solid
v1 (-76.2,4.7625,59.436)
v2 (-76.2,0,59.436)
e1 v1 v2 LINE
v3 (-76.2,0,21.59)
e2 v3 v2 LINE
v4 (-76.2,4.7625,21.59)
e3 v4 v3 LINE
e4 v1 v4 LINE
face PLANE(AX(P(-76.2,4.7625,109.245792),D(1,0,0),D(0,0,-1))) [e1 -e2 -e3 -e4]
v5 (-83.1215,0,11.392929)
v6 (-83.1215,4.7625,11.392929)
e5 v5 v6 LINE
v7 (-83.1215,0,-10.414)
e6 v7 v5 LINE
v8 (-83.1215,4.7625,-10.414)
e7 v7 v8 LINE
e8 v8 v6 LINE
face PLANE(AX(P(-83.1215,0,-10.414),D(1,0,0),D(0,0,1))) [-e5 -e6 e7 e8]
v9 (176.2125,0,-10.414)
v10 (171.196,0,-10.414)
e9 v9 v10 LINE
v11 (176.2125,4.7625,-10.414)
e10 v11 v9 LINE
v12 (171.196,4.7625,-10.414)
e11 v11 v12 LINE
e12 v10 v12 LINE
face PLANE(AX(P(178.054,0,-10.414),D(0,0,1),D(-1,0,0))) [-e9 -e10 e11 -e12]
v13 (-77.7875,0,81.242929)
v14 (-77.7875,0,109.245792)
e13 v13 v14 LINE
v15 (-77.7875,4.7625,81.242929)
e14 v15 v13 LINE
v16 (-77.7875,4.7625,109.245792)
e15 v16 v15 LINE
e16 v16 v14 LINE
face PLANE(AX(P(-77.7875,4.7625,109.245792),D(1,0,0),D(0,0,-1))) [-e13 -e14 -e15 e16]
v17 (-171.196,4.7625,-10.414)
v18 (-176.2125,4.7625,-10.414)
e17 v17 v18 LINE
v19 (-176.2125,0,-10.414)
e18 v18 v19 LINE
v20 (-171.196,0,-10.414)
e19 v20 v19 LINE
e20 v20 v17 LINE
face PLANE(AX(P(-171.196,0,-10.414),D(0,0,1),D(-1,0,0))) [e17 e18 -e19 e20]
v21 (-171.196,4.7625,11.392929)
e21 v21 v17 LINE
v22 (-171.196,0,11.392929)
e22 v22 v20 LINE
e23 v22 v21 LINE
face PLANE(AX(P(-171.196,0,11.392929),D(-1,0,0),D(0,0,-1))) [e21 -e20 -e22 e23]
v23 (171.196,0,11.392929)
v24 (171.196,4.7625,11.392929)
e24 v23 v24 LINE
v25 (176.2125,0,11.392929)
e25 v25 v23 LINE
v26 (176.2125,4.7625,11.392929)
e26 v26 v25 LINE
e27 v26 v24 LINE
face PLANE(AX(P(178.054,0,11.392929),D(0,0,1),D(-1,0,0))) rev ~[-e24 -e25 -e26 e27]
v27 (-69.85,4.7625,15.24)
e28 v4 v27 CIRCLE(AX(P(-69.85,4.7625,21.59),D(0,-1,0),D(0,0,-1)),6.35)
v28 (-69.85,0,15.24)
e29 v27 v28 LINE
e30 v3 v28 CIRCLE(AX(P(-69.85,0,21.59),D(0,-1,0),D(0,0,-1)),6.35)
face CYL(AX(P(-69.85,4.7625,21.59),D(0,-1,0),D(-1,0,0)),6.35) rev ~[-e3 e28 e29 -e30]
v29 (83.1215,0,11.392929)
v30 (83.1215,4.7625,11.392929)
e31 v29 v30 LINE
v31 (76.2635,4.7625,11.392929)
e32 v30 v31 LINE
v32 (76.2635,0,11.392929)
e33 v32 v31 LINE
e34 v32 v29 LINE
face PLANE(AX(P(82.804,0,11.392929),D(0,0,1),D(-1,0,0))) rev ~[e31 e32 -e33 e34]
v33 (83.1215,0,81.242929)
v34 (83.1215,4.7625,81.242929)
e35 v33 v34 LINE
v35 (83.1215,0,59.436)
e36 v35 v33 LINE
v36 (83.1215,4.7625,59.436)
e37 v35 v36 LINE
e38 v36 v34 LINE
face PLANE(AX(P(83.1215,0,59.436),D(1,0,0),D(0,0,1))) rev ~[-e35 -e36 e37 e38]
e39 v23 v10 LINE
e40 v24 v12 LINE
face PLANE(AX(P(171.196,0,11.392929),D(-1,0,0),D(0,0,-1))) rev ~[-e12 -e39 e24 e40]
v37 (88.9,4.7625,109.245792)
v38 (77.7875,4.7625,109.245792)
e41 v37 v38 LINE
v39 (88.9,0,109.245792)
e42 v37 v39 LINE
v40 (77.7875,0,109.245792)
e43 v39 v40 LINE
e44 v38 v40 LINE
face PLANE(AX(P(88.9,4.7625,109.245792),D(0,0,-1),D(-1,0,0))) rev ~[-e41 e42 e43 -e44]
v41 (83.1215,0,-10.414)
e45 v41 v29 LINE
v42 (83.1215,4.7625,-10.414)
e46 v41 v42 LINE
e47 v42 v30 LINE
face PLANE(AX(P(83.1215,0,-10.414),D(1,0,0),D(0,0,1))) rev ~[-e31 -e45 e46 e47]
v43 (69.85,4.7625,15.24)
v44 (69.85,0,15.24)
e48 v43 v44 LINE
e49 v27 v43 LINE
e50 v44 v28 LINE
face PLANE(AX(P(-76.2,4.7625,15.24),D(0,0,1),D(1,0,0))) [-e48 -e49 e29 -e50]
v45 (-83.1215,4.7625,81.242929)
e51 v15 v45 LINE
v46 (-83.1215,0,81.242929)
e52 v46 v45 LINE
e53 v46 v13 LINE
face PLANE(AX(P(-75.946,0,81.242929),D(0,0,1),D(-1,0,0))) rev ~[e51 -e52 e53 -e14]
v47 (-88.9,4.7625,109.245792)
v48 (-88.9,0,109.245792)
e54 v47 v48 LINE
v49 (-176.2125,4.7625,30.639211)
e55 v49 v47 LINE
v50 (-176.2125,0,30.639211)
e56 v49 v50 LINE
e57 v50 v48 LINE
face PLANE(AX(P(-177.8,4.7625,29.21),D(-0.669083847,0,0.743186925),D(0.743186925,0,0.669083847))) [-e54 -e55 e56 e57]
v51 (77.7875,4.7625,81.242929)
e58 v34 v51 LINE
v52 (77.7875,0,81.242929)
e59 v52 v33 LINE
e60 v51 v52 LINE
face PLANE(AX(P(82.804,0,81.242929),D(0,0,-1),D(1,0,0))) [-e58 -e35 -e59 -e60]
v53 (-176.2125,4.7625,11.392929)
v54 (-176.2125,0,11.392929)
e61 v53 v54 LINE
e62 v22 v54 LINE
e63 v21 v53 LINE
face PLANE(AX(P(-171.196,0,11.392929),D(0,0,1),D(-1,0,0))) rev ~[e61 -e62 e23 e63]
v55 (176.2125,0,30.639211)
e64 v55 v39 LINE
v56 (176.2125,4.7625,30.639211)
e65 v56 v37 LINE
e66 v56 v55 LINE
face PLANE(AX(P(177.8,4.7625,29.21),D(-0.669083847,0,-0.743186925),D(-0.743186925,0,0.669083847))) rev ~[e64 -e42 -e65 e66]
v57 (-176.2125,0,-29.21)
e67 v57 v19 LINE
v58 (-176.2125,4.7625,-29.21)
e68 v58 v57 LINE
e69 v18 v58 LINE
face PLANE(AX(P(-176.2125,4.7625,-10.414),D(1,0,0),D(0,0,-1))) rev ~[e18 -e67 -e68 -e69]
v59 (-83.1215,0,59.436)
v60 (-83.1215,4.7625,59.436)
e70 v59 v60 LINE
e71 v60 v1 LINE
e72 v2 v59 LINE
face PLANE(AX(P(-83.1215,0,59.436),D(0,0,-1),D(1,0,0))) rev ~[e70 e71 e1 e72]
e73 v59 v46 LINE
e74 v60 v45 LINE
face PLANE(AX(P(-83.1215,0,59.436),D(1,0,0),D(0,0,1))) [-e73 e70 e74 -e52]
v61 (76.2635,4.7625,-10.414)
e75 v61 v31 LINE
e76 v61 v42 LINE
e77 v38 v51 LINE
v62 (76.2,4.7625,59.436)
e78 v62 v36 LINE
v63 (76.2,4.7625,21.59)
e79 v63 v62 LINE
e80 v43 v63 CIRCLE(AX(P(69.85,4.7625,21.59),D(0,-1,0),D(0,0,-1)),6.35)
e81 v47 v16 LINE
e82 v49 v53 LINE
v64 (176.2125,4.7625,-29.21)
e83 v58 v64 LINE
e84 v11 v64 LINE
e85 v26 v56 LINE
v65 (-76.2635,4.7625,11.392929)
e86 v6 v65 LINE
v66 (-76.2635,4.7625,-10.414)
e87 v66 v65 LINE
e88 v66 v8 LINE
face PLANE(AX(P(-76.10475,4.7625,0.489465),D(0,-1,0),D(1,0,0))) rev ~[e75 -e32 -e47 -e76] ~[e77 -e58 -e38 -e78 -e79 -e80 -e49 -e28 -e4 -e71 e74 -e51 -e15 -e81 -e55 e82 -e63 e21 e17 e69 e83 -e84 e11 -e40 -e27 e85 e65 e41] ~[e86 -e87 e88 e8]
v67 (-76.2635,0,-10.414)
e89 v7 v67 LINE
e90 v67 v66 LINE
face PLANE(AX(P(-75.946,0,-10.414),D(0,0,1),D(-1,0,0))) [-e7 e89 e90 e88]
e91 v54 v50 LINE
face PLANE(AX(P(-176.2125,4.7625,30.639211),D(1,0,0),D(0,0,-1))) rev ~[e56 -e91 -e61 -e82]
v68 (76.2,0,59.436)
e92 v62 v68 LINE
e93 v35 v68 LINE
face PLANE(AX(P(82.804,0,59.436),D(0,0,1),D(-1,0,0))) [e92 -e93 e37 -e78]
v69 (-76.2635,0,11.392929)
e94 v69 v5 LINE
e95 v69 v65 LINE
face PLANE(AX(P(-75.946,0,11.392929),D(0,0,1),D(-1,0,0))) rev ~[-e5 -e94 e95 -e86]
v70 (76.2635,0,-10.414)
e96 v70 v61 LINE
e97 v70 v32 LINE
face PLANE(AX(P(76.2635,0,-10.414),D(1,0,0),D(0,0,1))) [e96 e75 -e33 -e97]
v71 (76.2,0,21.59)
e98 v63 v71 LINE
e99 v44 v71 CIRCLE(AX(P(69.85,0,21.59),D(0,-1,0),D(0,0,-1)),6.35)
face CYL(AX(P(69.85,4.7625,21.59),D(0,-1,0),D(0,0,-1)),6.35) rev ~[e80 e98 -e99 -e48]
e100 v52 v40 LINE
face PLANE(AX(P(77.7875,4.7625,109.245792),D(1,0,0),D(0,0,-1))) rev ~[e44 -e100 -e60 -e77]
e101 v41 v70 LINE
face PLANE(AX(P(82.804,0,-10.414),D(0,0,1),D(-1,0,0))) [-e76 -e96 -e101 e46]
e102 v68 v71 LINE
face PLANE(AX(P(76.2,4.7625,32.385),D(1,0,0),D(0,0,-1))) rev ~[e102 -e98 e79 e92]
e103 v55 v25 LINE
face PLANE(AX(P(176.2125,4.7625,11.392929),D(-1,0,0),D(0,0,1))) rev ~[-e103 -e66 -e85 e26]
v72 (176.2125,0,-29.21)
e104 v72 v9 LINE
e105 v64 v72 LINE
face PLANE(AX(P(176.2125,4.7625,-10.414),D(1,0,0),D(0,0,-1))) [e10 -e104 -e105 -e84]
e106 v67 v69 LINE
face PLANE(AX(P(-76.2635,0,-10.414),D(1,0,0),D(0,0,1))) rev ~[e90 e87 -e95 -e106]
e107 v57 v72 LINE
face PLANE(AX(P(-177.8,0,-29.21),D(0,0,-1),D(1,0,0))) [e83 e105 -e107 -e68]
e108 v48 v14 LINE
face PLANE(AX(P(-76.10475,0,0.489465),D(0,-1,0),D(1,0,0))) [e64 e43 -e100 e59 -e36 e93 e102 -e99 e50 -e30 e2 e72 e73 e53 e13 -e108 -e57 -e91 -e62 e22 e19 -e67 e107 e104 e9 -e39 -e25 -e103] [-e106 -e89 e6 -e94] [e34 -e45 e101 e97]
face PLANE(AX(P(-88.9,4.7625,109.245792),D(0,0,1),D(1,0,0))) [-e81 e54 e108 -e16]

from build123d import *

# Parameters (mm, degrees)
SKETCH1_W           = 355.6
SKETCH1_H           = 58.42
BOSS_EXTRUDE1_DEPTH = 4.7625
BOSS_EXTRUDE2_DEPTH = 4.7625
FILLET1_R           = 3.175
SKETCH3_W           = 6.858
SKETCH3_H           = 21.806929344
SKETCH3_W_2         = 6.35
SKETCH3_H_2         = 21.298929344
CUT_EXTRUDE1_DEPTH  = 209.73467472
SKETCH4_W           = 1.5875
SKETCH4_H           = 18.796
CUT_EXTRUDE2_DEPTH  = 209.73467472
SKETCH5_W           = 1.5875
SKETCH5_H           = 28.002862447
CUT_EXTRUDE3_DEPTH  = 208.38411122
SKETCH6_W           = 0.3175
SKETCH6_H           = 21.806929344
BOSS_EXTRUDE3_DEPTH = 4.7625
SKETCH7_W           = 0.3175
SKETCH7_H           = 21.806929344
CUT_EXTRUDE4_DEPTH  = 208.38411122
SKETCH8_W           = 152.4
SKETCH8_H           = 17.145
CUT_EXTRUDE5_DEPTH  = 208.38411122
FILLET2_R           = 6.35


with BuildPart() as part:
    # Sketch1 → Boss-Extrude1 (new body)
    with BuildSketch(Plane(origin=(0, 0, 0), x_dir=(1, 0, 0), z_dir=(0, 1, 0))):
        Rectangle(SKETCH1_W, SKETCH1_H)
    extrude(amount=BOSS_EXTRUDE1_DEPTH)

    # Sketch2 → Boss-Extrude2 (add)
    with BuildSketch(Plane(origin=(0, 4.7625, 0), x_dir=(1, 0, 0), z_dir=(0, 1, 0))):
        Polygon((177.8, -29.21), (88.9, -109.245791791), (76.2, -109.245791791), (76.2, -29.21), align=None)
        Polygon((-177.8, -29.21), (-88.9, -109.245791791), (-76.2, -109.245791791), (-76.2, -29.21), align=None)
    extrude(amount=-BOSS_EXTRUDE2_DEPTH)

    # Fillet1
    fillet1_edges = [part.edges().sort_by_distance(p)[0] for p in [
        (-76.2, 2.38125, 29.21),
        (76.2, 2.38125, 29.21),
    ]]
    fillet(fillet1_edges, radius=FILLET1_R)

    # Sketch3 → Cut-Extrude1 (cut, through all)
    with BuildSketch(Plane(origin=(0, 0, 0), x_dir=(-1, 0, 0), z_dir=(0, -1, 0))):
        with Locations((-174.625, -0.489464672)):
            Rectangle(SKETCH3_W, SKETCH3_H)
        with Locations((-174.625, -0.489464672)):
            Rectangle(SKETCH3_W_2, SKETCH3_H_2, mode=Mode.SUBTRACT)
        with Locations((-79.375, -0.489464672)):
            Rectangle(SKETCH3_W, SKETCH3_H)
        with Locations((-79.375, -0.489464672)):
            Rectangle(SKETCH3_W_2, SKETCH3_H_2, mode=Mode.SUBTRACT)
        with Locations((-79.375, -70.339464672)):
            Rectangle(SKETCH3_W, SKETCH3_H)
        with Locations((-79.375, -70.339464672)):
            Rectangle(SKETCH3_W_2, SKETCH3_H_2, mode=Mode.SUBTRACT)
        with Locations((79.375, -70.339464672)):
            Rectangle(SKETCH3_W, SKETCH3_H)
        with Locations((79.375, -70.339464672)):
            Rectangle(SKETCH3_W_2, SKETCH3_H_2, mode=Mode.SUBTRACT)
        with Locations((79.375, -0.489464672)):
            Rectangle(SKETCH3_W, SKETCH3_H)
        with Locations((79.375, -0.489464672)):
            Rectangle(SKETCH3_W_2, SKETCH3_H_2, mode=Mode.SUBTRACT)
        with Locations((174.625, -0.489464672)):
            Rectangle(SKETCH3_W, SKETCH3_H)
        with Locations((174.625, -0.489464672)):
            Rectangle(SKETCH3_W_2, SKETCH3_H_2, mode=Mode.SUBTRACT)
    extrude(amount=-CUT_EXTRUDE1_DEPTH, mode=Mode.SUBTRACT)


with BuildPart() as body_2:
    # of the pieces the cut leaves, the one that is kept (cut_extrude1_keep)
    add(part.part.solids().sort_by_distance((76.2, 0, 109.245791791))[0])

    # Sketch4 → Cut-Extrude2 (cut, through all)
    with BuildSketch(Plane(origin=(0, 4.7625, 0), x_dir=(1, 0, 0), z_dir=(0, 1, 0))):
        Polygon((177.8, -11.392929344), (176.2125, -11.392929344), (176.2125, -30.639210568), (177.8, -29.21), align=None)
        with Locations((177.00625, 19.812)):
            Rectangle(SKETCH4_W, SKETCH4_H)
        with Locations((-177.00625, 19.812)):
            Rectangle(SKETCH4_W, SKETCH4_H)
        Polygon((-176.2125, -30.639210568), (-176.2125, -11.392929344), (-177.8, -11.392929344), (-177.8, -29.21), align=None)
    extrude(amount=-CUT_EXTRUDE2_DEPTH, mode=Mode.SUBTRACT)

    # Sketch5 → Cut-Extrude3 (cut, through all)
    with BuildSketch(Plane(origin=(0, 4.7625, 0), x_dir=(1, 0, 0), z_dir=(0, 1, 0))):
        with Locations((-76.99375, -95.244360567)):
            Rectangle(SKETCH5_W, SKETCH5_H)
        with Locations((76.99375, -95.244360567)):
            Rectangle(SKETCH5_W, SKETCH5_H)
    extrude(amount=-CUT_EXTRUDE3_DEPTH, mode=Mode.SUBTRACT)

    # Sketch6 → Boss-Extrude3 (add)
    with BuildSketch(Plane.XZ):
        with Locations((-76.10475, 0.489464672)):
            Rectangle(SKETCH6_W, SKETCH6_H)
        with Locations((76.10475, 0.489464672)):
            Rectangle(SKETCH6_W, SKETCH6_H)
    extrude(amount=-BOSS_EXTRUDE3_DEPTH)

    # Sketch7 → Cut-Extrude4 (cut, through all)
    with BuildSketch(Plane.XZ):
        with Locations((-82.96275, 0.489464672)):
            Rectangle(SKETCH7_W, SKETCH7_H)
        with Locations((-82.96275, 70.339464672)):
            Rectangle(SKETCH7_W, SKETCH7_H)
        with Locations((82.96275, 70.339464672)):
            Rectangle(SKETCH7_W, SKETCH7_H)
        with Locations((82.96275, 0.489464672)):
            Rectangle(SKETCH7_W, SKETCH7_H)
    extrude(amount=-CUT_EXTRUDE4_DEPTH, mode=Mode.SUBTRACT)

    # Sketch8 → Cut-Extrude5 (cut, through all)
    with BuildSketch(Plane(origin=(0, 4.7625, 0), x_dir=(1, 0, 0), z_dir=(0, 1, 0))):
        with Locations((0, -23.8125)):
            Rectangle(SKETCH8_W, SKETCH8_H)
    extrude(amount=-CUT_EXTRUDE5_DEPTH, mode=Mode.SUBTRACT)

    # Fillet2
    fillet2_edges = [body_2.edges().sort_by_distance(p)[0] for p in [
        (76.2, 2.38125, 15.24),
        (-76.2, 2.38125, 15.24),
    ]]
    fillet(fillet2_edges, radius=FILLET2_R)


solid = body_2.part
